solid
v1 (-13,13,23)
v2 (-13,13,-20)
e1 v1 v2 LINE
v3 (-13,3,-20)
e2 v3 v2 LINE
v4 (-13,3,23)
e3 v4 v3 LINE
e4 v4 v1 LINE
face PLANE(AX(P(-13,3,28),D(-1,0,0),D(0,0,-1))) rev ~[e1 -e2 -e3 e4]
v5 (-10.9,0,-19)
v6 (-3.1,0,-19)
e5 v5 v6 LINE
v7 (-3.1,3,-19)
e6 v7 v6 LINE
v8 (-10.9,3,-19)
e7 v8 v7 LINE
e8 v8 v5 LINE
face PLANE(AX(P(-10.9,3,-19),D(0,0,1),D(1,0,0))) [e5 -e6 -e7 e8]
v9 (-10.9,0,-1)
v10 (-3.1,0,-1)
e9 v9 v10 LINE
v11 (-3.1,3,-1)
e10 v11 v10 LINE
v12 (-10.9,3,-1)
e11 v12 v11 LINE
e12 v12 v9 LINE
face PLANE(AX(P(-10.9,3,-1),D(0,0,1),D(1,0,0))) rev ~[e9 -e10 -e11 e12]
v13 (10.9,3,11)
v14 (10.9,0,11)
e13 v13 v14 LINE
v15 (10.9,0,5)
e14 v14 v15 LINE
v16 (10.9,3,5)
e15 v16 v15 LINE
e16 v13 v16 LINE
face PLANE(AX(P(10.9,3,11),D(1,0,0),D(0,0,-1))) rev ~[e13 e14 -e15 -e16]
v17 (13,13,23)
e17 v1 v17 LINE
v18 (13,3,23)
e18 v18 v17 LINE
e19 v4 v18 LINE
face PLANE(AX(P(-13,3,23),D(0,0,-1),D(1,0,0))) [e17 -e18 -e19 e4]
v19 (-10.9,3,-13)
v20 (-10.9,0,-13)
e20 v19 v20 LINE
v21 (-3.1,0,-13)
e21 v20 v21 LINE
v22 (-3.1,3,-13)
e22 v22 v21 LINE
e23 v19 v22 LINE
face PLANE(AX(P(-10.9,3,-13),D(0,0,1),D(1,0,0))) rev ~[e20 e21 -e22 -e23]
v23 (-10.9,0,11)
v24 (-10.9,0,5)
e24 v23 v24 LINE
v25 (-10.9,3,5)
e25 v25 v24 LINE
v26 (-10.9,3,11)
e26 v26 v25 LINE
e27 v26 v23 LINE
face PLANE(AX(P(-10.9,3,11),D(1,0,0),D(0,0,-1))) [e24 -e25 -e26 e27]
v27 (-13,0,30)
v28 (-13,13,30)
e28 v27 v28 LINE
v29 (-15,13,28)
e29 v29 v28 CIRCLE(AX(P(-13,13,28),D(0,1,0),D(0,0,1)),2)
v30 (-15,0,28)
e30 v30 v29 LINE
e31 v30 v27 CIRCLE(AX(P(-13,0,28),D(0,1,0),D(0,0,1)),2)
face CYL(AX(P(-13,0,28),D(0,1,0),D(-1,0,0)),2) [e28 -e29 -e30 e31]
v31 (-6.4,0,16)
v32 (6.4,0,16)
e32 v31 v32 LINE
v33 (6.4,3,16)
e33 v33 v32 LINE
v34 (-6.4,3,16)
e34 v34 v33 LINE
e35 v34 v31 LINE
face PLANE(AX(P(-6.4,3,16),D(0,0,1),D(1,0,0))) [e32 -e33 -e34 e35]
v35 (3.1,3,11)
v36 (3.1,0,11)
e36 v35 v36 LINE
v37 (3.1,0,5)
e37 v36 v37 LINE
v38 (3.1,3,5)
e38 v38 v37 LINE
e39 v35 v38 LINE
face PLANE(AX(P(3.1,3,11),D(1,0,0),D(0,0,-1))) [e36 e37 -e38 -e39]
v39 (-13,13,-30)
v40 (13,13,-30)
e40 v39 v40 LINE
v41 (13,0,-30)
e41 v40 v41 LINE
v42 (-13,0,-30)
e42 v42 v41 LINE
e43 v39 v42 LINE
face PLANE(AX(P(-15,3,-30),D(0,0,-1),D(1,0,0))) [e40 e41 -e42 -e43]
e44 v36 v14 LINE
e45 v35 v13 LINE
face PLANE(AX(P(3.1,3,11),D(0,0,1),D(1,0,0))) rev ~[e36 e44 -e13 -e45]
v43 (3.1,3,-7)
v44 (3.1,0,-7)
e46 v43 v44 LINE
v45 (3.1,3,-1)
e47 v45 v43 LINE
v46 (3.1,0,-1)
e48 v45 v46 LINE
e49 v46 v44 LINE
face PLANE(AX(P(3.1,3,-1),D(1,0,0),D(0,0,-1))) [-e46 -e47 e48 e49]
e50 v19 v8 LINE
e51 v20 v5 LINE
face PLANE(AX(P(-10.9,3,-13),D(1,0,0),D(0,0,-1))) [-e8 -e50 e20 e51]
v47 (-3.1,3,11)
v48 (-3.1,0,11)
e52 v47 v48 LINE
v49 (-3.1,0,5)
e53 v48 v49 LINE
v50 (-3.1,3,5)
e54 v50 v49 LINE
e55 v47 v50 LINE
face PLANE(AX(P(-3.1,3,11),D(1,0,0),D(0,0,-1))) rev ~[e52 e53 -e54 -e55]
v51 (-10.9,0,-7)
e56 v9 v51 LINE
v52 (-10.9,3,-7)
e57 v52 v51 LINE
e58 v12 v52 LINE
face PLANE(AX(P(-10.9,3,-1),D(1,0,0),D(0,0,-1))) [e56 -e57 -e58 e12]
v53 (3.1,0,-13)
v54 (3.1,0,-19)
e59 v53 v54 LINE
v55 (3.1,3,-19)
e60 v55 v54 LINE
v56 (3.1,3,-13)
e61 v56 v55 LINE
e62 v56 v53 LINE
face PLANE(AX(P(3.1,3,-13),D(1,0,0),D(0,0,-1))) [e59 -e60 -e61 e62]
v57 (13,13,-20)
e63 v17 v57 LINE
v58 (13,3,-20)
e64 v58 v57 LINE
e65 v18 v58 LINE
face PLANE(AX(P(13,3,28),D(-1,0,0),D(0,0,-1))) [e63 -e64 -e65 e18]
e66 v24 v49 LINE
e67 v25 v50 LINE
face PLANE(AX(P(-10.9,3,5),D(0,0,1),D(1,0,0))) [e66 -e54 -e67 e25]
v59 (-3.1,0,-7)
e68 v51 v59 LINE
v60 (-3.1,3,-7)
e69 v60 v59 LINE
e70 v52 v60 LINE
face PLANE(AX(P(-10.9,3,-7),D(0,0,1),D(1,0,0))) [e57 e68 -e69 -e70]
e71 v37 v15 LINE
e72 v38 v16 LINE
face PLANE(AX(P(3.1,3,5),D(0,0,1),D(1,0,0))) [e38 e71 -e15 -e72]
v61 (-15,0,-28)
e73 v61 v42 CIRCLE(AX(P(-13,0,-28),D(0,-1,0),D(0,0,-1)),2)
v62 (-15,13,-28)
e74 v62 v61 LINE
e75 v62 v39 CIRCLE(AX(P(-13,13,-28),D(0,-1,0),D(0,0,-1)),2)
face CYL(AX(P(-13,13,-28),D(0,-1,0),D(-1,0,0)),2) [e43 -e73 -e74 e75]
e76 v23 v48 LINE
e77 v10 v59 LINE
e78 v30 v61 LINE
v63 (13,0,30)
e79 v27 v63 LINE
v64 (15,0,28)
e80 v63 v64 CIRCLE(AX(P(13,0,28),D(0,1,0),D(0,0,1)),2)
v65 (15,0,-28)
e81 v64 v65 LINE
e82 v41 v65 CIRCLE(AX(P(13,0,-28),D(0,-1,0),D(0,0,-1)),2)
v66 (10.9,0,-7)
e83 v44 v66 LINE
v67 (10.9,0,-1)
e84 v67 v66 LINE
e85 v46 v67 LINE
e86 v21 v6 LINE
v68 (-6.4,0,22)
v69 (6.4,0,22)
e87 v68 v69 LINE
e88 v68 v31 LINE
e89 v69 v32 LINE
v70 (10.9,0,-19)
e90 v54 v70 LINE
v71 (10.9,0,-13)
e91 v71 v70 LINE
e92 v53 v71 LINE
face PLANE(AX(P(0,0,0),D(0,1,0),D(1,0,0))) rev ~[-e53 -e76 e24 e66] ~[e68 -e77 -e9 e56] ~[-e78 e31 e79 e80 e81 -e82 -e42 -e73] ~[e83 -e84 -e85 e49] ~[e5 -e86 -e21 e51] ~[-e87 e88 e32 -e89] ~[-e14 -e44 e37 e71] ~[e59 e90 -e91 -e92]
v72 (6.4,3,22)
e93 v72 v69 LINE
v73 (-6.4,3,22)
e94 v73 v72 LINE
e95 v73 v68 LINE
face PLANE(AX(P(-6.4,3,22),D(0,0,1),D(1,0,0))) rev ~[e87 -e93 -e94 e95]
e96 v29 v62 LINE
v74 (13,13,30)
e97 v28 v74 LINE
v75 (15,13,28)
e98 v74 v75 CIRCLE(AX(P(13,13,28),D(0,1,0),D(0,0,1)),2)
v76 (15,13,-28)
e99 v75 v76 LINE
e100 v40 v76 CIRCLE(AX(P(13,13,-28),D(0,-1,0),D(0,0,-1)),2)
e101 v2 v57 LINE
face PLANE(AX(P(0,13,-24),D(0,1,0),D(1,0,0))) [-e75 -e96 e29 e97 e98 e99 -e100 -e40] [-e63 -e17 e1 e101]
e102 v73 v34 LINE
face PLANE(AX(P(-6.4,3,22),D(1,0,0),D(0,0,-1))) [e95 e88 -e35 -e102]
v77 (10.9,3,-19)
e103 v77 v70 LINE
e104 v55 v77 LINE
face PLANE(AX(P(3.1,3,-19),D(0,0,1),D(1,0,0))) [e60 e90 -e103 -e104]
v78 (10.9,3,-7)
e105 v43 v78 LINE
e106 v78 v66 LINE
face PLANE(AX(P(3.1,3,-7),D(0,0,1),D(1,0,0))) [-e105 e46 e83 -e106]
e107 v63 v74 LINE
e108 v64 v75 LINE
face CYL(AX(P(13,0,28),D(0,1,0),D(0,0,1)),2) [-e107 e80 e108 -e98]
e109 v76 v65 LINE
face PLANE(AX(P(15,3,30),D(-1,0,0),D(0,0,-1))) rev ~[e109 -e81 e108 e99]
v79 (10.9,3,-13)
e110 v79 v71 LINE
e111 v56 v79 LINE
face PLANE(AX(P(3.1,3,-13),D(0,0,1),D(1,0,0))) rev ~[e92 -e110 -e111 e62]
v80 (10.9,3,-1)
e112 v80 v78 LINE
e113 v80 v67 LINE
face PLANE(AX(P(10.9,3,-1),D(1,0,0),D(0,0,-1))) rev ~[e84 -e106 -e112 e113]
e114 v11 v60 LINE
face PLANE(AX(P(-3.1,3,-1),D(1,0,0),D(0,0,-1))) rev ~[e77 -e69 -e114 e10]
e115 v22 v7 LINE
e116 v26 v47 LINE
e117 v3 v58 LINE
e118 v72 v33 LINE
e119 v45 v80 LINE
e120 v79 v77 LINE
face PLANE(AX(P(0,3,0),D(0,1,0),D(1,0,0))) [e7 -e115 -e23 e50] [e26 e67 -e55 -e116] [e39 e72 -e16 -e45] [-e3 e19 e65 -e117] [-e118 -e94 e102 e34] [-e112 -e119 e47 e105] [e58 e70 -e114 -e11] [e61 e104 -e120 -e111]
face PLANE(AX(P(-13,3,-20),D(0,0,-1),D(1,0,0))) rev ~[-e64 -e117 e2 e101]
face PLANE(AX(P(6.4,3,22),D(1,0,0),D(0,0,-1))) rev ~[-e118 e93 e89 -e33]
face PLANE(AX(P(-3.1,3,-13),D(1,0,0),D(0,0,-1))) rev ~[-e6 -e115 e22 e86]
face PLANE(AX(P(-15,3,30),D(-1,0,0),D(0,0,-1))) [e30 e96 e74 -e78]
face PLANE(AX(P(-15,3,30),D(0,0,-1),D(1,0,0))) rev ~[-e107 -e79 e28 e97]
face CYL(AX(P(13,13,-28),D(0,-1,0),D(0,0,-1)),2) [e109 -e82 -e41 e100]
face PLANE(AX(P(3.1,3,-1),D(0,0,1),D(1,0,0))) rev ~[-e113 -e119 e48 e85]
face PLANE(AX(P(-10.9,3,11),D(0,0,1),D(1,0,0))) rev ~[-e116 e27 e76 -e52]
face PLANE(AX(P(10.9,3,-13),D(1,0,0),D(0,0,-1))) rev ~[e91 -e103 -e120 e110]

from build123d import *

# Parameters (mm, degrees)
SKETCH1_W           = 30
SKETCH1_H           = 60
BOSS_EXTRUDE1_DEPTH = 3
SKETCH2_W           = 12.8
SKETCH2_H           = 6
SKETCH2_W_2         = 7.8
CUT_EXTRUDE1_DEPTH  = 3
SKETCH4_W           = 30
SKETCH4_H           = 60
SKETCH4_W_2         = 26
SKETCH4_H_2         = 56
BOSS_EXTRUDE2_DEPTH = 10
SKETCH5_W           = 26
SKETCH5_H           = 8
SKETCH5_H_2         = 5
BOSS_EXTRUDE3_DEPTH = 10
FILLET1_R           = 2


with BuildPart() as part:
    # Sketch1 → Boss-Extrude1 (new body)
    with BuildSketch(Plane(origin=(0, 0, 0), x_dir=(1, 0, 0), z_dir=(0, 1, 0))):
        Rectangle(SKETCH1_W, SKETCH1_H)
    extrude(amount=BOSS_EXTRUDE1_DEPTH)

    # Sketch2 → Cut-Extrude1 (cut)
    with BuildSketch(Plane(origin=(0, 3, 0), x_dir=(1, 0, 0), z_dir=(0, 1, 0))):
        with Locations((0, -19)):
            Rectangle(SKETCH2_W, SKETCH2_H)
        with Locations((-7, 4)):
            Rectangle(SKETCH2_W_2, SKETCH2_H)
        with Locations((-7, -8)):
            Rectangle(SKETCH2_W_2, SKETCH2_H)
        with Locations((-7, 16)):
            Rectangle(SKETCH2_W_2, SKETCH2_H)
        with Locations((7, -8)):
            Rectangle(SKETCH2_W_2, SKETCH2_H)
        with Locations((7, 4)):
            Rectangle(SKETCH2_W_2, SKETCH2_H)
        with Locations((7, 16)):
            Rectangle(SKETCH2_W_2, SKETCH2_H)
    extrude(amount=-CUT_EXTRUDE1_DEPTH, mode=Mode.SUBTRACT)

    # Sketch4 → Boss-Extrude2 (add)
    with BuildSketch(Plane(origin=(0, 3, 0), x_dir=(1, 0, 0), z_dir=(0, 1, 0))):
        Rectangle(SKETCH4_W, SKETCH4_H)
        Rectangle(SKETCH4_W_2, SKETCH4_H_2, mode=Mode.SUBTRACT)
    extrude(amount=BOSS_EXTRUDE2_DEPTH)

    # Sketch5 → Boss-Extrude3 (add)
    with BuildSketch(Plane(origin=(0, 3, 0), x_dir=(1, 0, 0), z_dir=(0, 1, 0))):
        with Locations((0, 24)):
            Rectangle(SKETCH5_W, SKETCH5_H)
        with Locations((0, -25.5)):
            Rectangle(SKETCH5_W, SKETCH5_H_2)
    extrude(amount=BOSS_EXTRUDE3_DEPTH)

    # Fillet1
    fillet1_edges = [part.edges().sort_by_distance(p)[0] for p in [
        (15, 6.5, 30),
        (-15, 6.5, 30),
        (-15, 6.5, -30),
        (15, 6.5, -30),
    ]]
    fillet(fillet1_edges, radius=FILLET1_R)


solid = part.part
